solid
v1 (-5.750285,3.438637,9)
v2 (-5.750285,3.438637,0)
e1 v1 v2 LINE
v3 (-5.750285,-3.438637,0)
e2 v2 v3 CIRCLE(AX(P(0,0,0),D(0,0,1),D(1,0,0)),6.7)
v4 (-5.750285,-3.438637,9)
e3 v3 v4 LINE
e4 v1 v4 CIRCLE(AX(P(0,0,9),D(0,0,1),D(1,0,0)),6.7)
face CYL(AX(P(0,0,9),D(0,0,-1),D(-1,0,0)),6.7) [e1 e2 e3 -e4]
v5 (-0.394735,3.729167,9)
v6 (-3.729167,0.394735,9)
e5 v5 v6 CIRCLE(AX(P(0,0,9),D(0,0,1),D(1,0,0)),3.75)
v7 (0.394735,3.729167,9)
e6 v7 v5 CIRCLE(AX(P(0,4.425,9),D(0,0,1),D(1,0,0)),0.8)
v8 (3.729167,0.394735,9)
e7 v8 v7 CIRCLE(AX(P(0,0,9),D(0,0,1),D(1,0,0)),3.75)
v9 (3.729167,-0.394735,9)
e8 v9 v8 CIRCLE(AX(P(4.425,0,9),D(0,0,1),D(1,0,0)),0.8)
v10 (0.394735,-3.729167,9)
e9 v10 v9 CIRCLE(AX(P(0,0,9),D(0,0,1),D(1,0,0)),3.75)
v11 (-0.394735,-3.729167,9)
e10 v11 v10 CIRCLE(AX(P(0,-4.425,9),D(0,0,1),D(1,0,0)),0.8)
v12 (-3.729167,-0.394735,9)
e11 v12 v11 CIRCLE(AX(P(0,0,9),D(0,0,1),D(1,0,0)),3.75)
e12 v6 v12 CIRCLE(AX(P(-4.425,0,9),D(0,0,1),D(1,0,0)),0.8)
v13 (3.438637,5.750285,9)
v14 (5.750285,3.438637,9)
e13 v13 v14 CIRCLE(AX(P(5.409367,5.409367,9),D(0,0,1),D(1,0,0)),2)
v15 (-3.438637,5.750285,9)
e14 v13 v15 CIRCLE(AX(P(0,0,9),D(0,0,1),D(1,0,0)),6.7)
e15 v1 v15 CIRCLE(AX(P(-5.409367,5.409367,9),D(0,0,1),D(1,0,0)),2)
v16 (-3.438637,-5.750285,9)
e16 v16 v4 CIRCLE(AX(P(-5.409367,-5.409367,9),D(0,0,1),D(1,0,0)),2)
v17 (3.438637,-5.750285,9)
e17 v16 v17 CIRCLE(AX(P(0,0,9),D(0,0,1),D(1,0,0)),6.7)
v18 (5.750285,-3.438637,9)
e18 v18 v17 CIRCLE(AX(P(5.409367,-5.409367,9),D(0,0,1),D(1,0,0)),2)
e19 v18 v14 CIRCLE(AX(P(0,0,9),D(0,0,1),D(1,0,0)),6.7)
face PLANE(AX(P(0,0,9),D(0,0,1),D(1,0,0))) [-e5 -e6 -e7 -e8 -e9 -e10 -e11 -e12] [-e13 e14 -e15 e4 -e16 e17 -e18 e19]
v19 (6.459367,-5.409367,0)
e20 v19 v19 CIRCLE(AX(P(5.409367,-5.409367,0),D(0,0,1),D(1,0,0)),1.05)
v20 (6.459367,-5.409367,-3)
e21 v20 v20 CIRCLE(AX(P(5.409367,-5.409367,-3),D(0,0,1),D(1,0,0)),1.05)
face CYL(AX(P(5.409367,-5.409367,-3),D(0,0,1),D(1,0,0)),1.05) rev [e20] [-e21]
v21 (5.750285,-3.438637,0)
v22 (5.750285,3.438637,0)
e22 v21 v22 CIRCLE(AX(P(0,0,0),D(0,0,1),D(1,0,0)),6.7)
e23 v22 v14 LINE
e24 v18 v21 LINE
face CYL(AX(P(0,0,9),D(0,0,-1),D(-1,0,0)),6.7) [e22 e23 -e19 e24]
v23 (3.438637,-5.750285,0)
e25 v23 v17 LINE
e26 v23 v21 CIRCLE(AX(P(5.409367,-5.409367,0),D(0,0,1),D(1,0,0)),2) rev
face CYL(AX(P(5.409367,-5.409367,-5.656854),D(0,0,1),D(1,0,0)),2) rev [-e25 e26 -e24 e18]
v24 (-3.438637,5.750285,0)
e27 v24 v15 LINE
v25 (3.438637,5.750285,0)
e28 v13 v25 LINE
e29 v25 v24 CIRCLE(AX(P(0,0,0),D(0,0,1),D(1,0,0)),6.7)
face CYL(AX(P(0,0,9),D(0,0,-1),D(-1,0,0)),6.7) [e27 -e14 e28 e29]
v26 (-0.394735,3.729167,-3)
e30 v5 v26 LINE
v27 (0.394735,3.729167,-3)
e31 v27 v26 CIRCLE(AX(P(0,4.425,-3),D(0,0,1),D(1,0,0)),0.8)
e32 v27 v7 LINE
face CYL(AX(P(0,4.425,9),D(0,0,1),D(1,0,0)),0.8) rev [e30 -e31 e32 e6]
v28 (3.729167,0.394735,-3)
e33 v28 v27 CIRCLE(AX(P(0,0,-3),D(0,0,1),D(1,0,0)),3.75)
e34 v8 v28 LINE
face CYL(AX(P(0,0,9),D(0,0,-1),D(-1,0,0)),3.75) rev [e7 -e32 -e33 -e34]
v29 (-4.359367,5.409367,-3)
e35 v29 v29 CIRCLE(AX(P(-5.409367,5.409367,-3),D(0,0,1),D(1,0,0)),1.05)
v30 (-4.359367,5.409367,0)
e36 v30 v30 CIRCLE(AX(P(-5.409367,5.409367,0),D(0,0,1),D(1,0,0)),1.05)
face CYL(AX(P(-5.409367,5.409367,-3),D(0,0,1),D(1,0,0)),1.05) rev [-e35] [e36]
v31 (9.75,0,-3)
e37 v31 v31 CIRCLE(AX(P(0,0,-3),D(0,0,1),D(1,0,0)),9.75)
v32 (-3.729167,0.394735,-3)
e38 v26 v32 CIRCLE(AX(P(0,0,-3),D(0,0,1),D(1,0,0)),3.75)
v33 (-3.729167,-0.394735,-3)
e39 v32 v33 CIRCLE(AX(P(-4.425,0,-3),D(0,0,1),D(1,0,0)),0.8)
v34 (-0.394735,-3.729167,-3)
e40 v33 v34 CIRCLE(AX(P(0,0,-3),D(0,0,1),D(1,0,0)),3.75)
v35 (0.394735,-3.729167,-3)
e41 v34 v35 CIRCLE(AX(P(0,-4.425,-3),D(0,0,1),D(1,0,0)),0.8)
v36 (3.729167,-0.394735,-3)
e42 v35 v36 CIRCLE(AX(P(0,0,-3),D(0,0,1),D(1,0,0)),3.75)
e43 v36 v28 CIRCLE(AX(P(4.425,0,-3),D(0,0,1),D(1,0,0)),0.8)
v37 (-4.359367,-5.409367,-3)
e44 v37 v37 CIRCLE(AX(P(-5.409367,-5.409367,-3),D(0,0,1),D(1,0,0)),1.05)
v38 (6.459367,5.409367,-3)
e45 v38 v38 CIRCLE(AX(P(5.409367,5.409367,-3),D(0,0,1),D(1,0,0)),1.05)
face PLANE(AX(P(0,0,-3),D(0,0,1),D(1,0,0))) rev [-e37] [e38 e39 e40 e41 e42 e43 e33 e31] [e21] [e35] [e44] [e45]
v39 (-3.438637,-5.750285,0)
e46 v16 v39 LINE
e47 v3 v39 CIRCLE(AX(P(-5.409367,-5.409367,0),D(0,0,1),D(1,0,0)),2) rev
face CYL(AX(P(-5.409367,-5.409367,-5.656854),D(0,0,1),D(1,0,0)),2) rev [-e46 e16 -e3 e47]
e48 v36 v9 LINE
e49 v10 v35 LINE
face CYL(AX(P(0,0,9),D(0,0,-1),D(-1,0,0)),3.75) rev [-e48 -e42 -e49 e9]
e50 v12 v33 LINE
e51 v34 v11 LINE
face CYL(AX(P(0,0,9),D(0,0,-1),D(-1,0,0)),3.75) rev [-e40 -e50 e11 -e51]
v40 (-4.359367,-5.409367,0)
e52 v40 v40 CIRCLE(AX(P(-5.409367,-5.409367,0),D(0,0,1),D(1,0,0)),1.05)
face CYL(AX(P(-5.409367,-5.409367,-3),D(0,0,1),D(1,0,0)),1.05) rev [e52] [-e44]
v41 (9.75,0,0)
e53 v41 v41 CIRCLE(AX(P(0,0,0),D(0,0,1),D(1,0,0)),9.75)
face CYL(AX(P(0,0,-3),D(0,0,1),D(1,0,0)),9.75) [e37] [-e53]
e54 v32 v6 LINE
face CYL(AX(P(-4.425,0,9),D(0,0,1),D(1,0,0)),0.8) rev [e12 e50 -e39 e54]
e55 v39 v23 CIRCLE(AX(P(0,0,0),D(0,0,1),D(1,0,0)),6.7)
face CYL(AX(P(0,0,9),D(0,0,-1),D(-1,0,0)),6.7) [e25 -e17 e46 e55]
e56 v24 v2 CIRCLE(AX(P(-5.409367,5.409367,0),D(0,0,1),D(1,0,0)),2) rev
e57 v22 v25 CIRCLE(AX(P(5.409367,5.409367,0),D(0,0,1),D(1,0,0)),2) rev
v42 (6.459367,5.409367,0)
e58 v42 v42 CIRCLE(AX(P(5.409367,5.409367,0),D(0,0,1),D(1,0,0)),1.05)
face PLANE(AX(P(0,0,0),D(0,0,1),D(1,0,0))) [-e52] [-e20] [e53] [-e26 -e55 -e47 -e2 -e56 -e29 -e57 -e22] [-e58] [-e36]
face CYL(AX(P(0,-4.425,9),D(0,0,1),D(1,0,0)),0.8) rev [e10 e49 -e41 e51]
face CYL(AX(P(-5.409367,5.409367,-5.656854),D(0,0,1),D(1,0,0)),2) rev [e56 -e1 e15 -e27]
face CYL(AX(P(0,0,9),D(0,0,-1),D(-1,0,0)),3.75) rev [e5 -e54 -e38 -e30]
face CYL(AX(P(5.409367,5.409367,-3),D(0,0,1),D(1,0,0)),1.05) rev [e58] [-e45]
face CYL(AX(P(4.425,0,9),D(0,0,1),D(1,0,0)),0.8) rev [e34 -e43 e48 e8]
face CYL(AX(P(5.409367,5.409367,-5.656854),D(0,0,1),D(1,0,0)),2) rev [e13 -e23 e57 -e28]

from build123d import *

# Parameters (mm, degrees)
SKIZZE1_R                       = 6.7
SKIZZE1_R_2                     = 3.75
AUFSATZ_LINEAR_AUSTRAGEN1_DEPTH = 9
SKIZZE1_7_R                     = 9.75
SKIZZE1_7_R_2                   = 3.75
AUFSATZ_LINEAR_AUSTRAGEN2_DEPTH = 3
M2_GEWINDEBOHRUNG1_D            = 1.6
SKIZZE5_R                       = 1.05
SCHNITT_LINEAR_AUSTRAGEN1_DEPTH = 13
SKIZZE5_3_R                     = 2
SKIZZE5_3_R_2                   = 1.05
SCHNITT_LINEAR_AUSTRAGEN2_DEPTH = 9


with BuildPart() as part:
    # Skizze1 → Aufsatz-Linear austragen1 (new body)
    with BuildSketch(Plane.XY):
        Circle(SKIZZE1_R)
        Circle(SKIZZE1_R_2, mode=Mode.SUBTRACT)
    extrude(amount=AUFSATZ_LINEAR_AUSTRAGEN1_DEPTH)

    # Skizze1<7> → Aufsatz-Linear austragen2 (add)
    with BuildSketch(Plane.XY):
        Circle(SKIZZE1_7_R)
        Circle(SKIZZE1_7_R_2, mode=Mode.SUBTRACT)
    extrude(amount=-AUFSATZ_LINEAR_AUSTRAGEN2_DEPTH)

    # M2 Gewindebohrung1 (through all)
    with Locations(Plane.XY.offset(9)):
        with Locations((4.425, 0), (0, -4.425), (-4.425, 0), (0, 4.425)):
            Hole(M2_GEWINDEBOHRUNG1_D / 2)

    # Skizze5 → Schnitt-Linear austragen1 (cut, through all)
    with BuildSketch(Plane.XY.offset(9)):
        with Locations((5.409366876, 5.409366876)):
            Circle(SKIZZE5_R)
        with Locations((5.409366876, -5.409366876)):
            Circle(SKIZZE5_R)
        with Locations((-5.409366876, -5.409366876)):
            Circle(SKIZZE5_R)
        with Locations((-5.409366876, 5.409366876)):
            Circle(SKIZZE5_R)
    extrude(amount=-SCHNITT_LINEAR_AUSTRAGEN1_DEPTH, mode=Mode.SUBTRACT)

    # Skizze5<3> → Schnitt-Linear austragen2 (cut)
    with BuildSketch(Plane.XY.offset(9)):
        with Locations((-5.409366876, 5.409366876)):
            Circle(SKIZZE5_3_R)
        with Locations((-5.409366876, 5.409366876)):
            Circle(SKIZZE5_3_R_2, mode=Mode.SUBTRACT)
        with Locations((5.409366876, 5.409366876)):
            Circle(SKIZZE5_3_R)
        with Locations((5.409366876, 5.409366876)):
            Circle(SKIZZE5_3_R_2, mode=Mode.SUBTRACT)
        with Locations((5.409366876, -5.409366876)):
            Circle(SKIZZE5_3_R)
        with Locations((5.409366876, -5.409366876)):
            Circle(SKIZZE5_3_R_2, mode=Mode.SUBTRACT)
        with Locations((-5.409366876, -5.409366876)):
            Circle(SKIZZE5_3_R)
        with Locations((-5.409366876, -5.409366876)):
            Circle(SKIZZE5_3_R_2, mode=Mode.SUBTRACT)
    extrude(amount=-SCHNITT_LINEAR_AUSTRAGEN2_DEPTH, mode=Mode.SUBTRACT)


solid = part.part
